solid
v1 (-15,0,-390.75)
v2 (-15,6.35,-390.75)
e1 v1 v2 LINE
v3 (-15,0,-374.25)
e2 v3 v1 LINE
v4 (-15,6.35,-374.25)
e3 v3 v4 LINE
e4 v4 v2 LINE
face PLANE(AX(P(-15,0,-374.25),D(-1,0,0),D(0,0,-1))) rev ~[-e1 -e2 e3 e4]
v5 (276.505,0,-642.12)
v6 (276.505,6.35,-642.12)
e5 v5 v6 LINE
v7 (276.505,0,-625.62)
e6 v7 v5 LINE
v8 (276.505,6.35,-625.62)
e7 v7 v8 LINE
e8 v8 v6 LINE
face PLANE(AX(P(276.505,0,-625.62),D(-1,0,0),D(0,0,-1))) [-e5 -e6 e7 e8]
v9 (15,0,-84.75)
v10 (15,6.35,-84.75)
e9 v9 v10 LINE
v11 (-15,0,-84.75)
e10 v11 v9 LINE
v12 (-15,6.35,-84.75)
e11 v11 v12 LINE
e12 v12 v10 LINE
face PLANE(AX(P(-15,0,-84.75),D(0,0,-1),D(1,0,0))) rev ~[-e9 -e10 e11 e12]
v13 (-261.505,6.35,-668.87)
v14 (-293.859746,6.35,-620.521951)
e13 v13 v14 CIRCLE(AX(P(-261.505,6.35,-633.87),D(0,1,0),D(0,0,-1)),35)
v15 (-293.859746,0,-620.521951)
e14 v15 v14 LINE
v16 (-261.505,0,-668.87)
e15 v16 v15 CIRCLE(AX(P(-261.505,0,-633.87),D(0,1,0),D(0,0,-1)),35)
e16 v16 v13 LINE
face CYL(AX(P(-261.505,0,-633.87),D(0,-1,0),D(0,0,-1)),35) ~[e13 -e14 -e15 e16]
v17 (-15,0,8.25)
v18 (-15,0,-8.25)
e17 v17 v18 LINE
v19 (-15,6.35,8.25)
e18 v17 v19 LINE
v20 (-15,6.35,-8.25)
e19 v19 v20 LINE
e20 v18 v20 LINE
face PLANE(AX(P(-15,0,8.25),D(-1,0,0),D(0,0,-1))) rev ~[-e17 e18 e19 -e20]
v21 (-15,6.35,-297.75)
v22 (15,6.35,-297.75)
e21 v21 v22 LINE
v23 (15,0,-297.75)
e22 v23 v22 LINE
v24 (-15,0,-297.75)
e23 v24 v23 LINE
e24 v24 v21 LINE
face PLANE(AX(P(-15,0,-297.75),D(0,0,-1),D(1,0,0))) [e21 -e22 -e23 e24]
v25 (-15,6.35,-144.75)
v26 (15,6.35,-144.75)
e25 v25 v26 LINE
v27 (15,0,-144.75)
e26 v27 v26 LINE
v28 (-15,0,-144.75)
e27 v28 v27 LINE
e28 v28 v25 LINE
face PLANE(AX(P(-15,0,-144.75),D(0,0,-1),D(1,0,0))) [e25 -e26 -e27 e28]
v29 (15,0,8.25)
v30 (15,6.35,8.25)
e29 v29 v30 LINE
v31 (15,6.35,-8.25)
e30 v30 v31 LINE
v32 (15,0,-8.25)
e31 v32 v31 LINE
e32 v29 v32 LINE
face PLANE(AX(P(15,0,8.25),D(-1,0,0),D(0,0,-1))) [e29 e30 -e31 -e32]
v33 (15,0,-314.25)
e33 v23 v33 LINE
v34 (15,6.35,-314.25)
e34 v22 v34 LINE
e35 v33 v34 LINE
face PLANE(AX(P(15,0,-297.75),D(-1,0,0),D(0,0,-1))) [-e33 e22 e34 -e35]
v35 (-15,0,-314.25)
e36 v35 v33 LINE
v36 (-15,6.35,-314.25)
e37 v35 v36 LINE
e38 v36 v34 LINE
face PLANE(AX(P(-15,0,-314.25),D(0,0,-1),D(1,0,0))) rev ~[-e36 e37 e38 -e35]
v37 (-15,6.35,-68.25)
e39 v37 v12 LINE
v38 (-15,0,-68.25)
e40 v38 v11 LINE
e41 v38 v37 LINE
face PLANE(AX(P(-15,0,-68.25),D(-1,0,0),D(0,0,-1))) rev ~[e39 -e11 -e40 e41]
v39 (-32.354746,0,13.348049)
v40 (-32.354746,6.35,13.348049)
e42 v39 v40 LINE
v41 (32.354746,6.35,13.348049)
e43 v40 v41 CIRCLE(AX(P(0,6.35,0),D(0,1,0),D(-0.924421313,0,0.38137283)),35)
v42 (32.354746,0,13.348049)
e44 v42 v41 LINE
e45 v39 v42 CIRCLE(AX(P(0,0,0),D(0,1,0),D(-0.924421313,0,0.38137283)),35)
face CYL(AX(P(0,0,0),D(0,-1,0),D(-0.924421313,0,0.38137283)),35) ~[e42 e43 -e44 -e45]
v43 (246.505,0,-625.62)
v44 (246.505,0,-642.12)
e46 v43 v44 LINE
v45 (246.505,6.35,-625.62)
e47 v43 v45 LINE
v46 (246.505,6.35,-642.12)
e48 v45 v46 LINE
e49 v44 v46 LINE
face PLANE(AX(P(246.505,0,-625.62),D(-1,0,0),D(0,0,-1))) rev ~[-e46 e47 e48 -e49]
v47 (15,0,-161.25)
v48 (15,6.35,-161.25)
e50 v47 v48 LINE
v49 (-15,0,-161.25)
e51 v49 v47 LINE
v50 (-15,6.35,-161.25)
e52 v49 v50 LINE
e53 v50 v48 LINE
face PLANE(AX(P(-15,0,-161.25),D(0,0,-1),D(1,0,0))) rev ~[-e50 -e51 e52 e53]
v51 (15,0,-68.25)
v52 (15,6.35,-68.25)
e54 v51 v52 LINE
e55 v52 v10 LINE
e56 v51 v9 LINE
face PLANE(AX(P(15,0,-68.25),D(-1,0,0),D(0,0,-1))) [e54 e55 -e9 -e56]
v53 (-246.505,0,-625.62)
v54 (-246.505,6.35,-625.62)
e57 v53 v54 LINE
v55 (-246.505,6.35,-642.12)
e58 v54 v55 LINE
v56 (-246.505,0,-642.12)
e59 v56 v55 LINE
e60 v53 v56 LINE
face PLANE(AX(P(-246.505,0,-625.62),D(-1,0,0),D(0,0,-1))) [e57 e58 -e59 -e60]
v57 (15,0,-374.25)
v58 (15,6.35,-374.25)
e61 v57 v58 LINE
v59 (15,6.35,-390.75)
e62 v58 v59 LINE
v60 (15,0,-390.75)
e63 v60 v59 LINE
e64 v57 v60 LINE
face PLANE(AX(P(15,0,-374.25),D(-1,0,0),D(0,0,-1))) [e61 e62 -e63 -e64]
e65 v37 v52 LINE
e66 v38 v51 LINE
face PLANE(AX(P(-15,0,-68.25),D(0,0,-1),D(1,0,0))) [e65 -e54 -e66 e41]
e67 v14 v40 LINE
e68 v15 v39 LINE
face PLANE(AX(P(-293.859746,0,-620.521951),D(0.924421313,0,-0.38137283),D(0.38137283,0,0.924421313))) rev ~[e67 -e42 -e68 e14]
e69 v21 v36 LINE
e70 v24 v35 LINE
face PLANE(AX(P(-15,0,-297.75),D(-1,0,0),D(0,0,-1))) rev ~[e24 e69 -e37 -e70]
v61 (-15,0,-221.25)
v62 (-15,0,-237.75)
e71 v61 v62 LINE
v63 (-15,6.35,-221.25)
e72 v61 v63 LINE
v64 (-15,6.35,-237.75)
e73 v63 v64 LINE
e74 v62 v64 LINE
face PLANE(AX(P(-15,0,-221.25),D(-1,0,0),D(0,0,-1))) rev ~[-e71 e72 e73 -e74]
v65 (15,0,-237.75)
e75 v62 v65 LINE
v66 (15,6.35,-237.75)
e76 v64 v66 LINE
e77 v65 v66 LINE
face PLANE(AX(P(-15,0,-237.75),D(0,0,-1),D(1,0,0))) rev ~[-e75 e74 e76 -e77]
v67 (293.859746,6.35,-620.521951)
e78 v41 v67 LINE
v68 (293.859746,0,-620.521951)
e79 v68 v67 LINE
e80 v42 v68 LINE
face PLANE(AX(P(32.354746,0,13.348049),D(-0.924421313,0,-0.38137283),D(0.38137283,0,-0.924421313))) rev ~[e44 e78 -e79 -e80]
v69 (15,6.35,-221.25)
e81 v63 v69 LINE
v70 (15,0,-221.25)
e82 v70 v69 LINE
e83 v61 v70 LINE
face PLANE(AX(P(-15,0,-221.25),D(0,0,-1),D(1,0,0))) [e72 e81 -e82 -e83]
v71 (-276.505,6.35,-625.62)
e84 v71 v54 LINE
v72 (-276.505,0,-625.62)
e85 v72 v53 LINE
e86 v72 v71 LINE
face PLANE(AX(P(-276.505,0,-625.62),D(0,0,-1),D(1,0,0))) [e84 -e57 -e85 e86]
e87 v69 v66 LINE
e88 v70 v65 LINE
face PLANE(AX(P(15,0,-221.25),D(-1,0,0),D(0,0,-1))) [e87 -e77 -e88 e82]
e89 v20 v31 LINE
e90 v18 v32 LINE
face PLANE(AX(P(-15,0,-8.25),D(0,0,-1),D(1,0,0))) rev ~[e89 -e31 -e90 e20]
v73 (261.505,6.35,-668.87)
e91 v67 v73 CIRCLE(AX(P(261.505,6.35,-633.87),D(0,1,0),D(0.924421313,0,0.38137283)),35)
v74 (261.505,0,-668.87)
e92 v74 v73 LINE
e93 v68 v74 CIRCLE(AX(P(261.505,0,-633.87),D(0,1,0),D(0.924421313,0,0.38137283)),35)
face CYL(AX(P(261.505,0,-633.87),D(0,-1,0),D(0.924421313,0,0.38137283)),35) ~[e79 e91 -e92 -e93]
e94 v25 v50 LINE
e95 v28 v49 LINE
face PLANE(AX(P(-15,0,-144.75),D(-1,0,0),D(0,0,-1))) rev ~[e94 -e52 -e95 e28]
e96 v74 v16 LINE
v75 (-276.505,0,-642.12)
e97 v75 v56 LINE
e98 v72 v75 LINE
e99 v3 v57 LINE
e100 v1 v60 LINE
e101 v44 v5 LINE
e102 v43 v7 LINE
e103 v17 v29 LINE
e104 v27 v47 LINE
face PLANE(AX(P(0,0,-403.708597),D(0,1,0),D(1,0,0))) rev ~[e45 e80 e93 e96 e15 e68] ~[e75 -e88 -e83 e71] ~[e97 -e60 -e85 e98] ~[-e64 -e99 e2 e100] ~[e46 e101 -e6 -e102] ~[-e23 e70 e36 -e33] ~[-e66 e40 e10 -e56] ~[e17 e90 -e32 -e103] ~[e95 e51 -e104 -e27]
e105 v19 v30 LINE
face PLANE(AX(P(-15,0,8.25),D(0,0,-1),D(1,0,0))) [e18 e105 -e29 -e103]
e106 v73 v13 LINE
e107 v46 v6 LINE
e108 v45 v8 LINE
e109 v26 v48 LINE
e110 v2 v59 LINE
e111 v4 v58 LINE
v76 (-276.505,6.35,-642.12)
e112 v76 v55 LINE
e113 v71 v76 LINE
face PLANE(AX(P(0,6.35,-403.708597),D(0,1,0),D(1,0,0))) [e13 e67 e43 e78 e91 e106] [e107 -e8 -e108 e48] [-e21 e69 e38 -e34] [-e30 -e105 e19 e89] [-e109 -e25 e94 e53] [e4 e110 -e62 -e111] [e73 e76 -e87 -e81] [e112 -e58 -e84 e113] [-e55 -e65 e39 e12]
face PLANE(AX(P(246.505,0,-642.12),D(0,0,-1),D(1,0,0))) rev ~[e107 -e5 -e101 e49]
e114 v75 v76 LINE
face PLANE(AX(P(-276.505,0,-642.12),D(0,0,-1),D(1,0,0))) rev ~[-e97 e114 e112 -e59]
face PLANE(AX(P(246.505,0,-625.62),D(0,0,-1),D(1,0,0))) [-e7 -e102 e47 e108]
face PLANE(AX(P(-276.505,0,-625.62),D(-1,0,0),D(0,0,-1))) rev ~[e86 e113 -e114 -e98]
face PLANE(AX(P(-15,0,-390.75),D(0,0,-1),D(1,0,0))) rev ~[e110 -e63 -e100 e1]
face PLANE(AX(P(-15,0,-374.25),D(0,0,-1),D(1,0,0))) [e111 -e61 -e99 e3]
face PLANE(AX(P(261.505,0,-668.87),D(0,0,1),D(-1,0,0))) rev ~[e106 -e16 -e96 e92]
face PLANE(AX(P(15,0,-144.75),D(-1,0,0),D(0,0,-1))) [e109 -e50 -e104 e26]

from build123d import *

# Parameters (mm, degrees)
SKETCH1_W           = 30
SKETCH1_H           = 16.5
BOSS_EXTRUDE1_DEPTH = 6.35


with BuildPart() as part:
    # Sketch1 → Boss-Extrude1 (new body)
    with BuildSketch(Plane(origin=(0, 0, 0), x_dir=(1, 0, 0), z_dir=(0, 1, 0))):
        with BuildLine():
            Line((32.354745971, -13.34804904), (293.859745971, 620.52195096))
            ThreePointArc((293.859745971, 620.52195096), (290.592640987, 653.335588658), (261.505, 668.87))
            Line((261.505, 668.87), (-261.505, 668.87))
            ThreePointArc((-261.505, 668.87), (-290.592640987, 653.335588658), (-293.859745971, 620.52195096))
            Line((-293.859745971, 620.52195096), (-32.354745971, -13.34804904))
            ThreePointArc((-32.354745971, -13.34804904), (0, -35), (32.354745971, -13.34804904))
        make_face()
        with Locations((0, 76.5)):
            Rectangle(SKETCH1_W, SKETCH1_H, mode=Mode.SUBTRACT)
        with Locations((261.505, 633.87)):
            Rectangle(SKETCH1_W, SKETCH1_H, mode=Mode.SUBTRACT)
        Rectangle(SKETCH1_W, SKETCH1_H, mode=Mode.SUBTRACT)
        with Locations((0, 153)):
            Rectangle(SKETCH1_W, SKETCH1_H, mode=Mode.SUBTRACT)
        with Locations((0, 229.5)):
            Rectangle(SKETCH1_W, SKETCH1_H, mode=Mode.SUBTRACT)
        with Locations((0, 306)):
            Rectangle(SKETCH1_W, SKETCH1_H, mode=Mode.SUBTRACT)
        with Locations((0, 382.5)):
            Rectangle(SKETCH1_W, SKETCH1_H, mode=Mode.SUBTRACT)
        with Locations((-261.505, 633.87)):
            Rectangle(SKETCH1_W, SKETCH1_H, mode=Mode.SUBTRACT)
    extrude(amount=BOSS_EXTRUDE1_DEPTH)


solid = part.part
